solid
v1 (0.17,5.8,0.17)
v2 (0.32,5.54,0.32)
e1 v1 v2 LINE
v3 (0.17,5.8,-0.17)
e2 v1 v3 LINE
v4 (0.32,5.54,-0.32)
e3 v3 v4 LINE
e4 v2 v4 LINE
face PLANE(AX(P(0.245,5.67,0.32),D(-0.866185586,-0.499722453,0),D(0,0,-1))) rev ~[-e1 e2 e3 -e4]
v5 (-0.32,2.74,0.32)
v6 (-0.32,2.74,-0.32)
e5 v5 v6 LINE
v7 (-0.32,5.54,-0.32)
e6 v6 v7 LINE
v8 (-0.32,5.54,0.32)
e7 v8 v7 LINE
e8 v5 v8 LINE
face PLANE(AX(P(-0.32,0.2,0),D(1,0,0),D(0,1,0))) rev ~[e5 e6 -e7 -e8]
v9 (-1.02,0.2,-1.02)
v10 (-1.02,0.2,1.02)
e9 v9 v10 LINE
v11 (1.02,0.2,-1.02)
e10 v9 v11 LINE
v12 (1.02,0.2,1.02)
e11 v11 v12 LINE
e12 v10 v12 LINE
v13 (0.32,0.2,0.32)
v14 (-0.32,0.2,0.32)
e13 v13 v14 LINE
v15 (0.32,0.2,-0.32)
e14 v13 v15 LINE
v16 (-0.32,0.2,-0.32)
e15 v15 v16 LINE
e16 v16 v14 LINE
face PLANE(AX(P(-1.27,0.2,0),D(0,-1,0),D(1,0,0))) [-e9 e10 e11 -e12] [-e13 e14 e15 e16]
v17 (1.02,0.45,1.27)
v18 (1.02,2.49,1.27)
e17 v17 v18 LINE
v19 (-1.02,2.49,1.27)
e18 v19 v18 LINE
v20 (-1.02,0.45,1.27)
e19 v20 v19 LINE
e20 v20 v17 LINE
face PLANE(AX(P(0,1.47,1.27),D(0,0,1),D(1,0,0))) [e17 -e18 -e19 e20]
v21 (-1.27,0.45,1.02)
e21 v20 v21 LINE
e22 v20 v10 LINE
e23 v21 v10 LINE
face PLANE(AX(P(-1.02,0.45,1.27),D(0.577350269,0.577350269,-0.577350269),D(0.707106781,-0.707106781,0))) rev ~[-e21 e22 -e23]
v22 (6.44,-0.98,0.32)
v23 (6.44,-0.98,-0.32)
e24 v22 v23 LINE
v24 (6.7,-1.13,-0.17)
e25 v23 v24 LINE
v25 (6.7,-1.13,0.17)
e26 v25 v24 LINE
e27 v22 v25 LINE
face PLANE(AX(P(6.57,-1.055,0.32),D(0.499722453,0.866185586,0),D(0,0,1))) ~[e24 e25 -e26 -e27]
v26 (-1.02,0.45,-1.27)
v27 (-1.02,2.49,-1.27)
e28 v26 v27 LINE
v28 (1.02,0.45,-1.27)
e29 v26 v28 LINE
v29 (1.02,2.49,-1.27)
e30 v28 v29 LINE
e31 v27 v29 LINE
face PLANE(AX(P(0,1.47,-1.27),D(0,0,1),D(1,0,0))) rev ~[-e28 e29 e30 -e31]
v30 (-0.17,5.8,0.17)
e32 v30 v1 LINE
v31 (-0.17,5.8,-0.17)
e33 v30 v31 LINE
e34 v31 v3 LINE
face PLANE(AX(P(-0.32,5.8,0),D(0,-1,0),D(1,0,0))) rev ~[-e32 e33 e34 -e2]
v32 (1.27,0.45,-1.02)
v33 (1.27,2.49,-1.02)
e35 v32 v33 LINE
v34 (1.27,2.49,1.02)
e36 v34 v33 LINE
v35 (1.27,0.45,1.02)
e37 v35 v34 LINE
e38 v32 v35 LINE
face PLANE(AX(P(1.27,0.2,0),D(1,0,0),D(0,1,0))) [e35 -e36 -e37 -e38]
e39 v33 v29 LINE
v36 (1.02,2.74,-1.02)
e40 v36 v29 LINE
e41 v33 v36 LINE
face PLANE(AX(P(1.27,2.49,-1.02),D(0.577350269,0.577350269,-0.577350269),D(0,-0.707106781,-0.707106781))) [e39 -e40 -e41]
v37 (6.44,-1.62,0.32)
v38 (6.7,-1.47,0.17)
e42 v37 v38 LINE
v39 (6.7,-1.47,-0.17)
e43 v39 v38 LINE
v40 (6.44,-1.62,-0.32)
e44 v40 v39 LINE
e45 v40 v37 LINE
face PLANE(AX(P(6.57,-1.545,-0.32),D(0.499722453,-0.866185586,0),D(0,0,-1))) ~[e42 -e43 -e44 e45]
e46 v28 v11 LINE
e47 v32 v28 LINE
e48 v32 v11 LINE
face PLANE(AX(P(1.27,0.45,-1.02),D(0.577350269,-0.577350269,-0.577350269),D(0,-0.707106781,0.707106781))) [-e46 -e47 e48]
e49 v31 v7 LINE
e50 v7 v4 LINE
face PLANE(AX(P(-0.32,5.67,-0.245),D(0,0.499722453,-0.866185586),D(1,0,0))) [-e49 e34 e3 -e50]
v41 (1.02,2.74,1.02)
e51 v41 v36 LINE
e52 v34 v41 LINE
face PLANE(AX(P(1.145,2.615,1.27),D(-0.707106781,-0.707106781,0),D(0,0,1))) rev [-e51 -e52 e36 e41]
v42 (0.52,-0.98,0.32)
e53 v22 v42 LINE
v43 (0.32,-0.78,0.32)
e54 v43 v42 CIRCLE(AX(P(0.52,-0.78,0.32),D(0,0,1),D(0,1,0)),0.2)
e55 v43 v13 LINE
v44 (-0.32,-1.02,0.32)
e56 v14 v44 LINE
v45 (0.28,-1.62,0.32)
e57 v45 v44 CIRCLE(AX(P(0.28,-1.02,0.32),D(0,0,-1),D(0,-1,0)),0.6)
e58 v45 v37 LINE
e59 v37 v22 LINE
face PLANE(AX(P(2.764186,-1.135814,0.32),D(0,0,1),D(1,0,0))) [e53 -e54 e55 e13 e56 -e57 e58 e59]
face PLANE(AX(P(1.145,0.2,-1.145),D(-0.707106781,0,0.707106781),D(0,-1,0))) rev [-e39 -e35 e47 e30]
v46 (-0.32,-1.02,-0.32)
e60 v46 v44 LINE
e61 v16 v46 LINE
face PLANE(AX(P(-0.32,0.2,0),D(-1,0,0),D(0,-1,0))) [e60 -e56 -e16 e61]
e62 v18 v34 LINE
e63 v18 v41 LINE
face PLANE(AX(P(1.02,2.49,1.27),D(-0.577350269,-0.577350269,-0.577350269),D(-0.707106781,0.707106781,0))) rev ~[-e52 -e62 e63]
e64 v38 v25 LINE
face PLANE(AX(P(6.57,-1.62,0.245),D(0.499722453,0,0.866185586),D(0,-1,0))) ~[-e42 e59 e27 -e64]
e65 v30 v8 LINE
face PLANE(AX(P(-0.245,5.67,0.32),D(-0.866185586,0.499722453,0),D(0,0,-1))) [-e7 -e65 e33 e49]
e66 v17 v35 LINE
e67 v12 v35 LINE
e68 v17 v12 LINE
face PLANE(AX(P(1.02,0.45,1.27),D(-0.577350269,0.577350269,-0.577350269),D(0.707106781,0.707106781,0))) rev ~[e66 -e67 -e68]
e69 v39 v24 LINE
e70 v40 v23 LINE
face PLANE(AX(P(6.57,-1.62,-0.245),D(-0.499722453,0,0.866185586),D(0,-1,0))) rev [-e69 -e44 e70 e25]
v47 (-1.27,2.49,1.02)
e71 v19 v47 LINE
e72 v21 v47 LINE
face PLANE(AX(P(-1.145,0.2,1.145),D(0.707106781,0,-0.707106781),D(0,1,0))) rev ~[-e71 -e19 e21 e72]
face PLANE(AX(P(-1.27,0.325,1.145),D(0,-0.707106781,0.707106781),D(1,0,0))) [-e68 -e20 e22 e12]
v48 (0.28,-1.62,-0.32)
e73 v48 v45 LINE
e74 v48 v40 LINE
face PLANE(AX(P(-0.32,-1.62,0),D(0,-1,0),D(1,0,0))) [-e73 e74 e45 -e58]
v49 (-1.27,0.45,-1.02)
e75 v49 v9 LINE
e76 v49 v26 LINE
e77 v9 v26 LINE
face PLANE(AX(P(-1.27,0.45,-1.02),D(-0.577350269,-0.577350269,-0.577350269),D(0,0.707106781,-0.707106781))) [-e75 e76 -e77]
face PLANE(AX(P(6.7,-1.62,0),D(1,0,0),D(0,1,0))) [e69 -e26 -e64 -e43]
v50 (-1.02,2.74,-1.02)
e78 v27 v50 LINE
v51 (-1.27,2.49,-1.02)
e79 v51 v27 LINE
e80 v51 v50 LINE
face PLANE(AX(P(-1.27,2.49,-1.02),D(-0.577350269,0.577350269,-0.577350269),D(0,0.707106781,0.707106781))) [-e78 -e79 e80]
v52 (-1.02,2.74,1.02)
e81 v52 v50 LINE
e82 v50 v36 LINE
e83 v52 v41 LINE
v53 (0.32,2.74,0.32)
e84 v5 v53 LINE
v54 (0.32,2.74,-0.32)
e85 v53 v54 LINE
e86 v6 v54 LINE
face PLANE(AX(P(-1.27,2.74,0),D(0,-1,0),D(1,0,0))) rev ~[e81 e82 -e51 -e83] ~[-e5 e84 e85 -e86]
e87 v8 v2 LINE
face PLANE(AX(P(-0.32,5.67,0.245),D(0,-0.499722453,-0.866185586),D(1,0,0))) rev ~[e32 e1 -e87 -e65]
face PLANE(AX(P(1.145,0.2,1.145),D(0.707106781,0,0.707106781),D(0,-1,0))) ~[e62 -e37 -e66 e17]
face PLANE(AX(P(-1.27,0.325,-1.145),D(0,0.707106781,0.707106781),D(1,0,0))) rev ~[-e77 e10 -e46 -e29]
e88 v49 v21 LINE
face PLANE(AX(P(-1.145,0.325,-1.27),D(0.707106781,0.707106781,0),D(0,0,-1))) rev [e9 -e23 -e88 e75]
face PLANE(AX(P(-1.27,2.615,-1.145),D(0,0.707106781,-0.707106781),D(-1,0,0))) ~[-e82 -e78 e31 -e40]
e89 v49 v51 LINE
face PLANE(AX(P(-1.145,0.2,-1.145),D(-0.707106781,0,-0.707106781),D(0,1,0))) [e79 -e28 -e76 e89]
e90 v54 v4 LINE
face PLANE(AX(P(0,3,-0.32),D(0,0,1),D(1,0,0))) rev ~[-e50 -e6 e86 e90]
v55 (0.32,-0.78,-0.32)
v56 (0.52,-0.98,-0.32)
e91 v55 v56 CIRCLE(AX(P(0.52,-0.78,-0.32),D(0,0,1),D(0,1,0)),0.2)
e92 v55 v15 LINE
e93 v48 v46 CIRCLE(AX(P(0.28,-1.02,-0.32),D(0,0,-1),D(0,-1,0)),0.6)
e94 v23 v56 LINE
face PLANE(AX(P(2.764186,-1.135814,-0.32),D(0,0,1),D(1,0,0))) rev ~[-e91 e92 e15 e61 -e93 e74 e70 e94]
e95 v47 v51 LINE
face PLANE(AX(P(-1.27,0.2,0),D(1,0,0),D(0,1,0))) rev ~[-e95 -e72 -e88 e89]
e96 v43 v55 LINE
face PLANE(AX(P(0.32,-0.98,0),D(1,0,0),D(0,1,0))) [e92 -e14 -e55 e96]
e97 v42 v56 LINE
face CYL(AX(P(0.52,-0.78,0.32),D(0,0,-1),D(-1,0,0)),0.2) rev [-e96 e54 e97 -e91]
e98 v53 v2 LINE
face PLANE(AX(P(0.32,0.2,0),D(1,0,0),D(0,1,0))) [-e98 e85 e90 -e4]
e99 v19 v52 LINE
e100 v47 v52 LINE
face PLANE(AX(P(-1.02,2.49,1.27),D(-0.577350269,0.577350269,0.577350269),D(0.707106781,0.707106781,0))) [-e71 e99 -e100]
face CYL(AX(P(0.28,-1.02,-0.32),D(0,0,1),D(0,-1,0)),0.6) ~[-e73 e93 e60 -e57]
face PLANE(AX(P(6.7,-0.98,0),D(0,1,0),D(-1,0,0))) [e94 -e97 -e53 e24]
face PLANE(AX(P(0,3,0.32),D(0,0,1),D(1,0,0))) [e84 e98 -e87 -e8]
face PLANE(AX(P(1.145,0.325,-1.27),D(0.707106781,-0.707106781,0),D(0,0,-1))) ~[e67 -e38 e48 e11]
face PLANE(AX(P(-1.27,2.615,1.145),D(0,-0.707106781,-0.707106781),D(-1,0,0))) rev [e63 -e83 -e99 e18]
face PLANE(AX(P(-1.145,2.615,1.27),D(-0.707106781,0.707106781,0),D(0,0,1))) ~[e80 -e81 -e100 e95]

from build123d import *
from OCP.BRepFilletAPI import BRepFilletAPI_MakeChamfer

# Parameters (mm, degrees)
ESBO_O1_W                = 0.64
ESBO_O1_H                = 5.6
RESSALTO_EXTRUS_O1_DEPTH = 0.32
ESBO_O2_W                = 2.54
ESBO_O2_H                = 2.54
RESSALTO_EXTRUS_O2_DEPTH = 1.27
RESSALTO_EXTRUS_O3_DEPTH = 0.32
FILETE1_R                = 0.2
FILETE2_R                = 0.6
CHANFRO1_SIZE            = 0.15
CHANFRO1_SIZE2           = 0.26
CHANFRO2_SIZE            = 0.26
CHANFRO2_SIZE2           = 0.15
CHANFRO3_SIZE            = 0.25


with BuildPart() as part:
    # Esboço1 → Ressalto-extrusão1 (new, symmetric)
    with BuildSketch(Plane.XY):
        with Locations((0, 3)):
            Rectangle(ESBO_O1_W, ESBO_O1_H)
    extrude(amount=RESSALTO_EXTRUS_O1_DEPTH, both=True)

    # Esboço2 → Ressalto-extrusão2 (add, symmetric)
    with BuildSketch(Plane.XY):
        with Locations((0, 1.47)):
            Rectangle(ESBO_O2_W, ESBO_O2_H)
    extrude(amount=RESSALTO_EXTRUS_O2_DEPTH, both=True)

    # Esboço3 → Ressalto-extrusão3 (add, symmetric)
    with BuildSketch(Plane.XY):
        Polygon((0.32, 0.2), (-0.32, 0.2), (-0.32, -1.62), (6.7, -1.62), (6.7, -0.98), (0.32, -0.98), align=None)
    extrude(amount=RESSALTO_EXTRUS_O3_DEPTH, both=True)

    # Filete1
    filete1_edges = [part.edges().sort_by_distance(p)[0] for p in [
        (0.32, -0.98, 0),
    ]]
    fillet(filete1_edges, radius=FILETE1_R)

    # Filete2
    filete2_edges = [part.edges().sort_by_distance(p)[0] for p in [
        (-0.32, -1.62, 0),
    ]]
    fillet(filete2_edges, radius=FILETE2_R)

    # Chanfro1
    chanfro1_edges = [part.edges().sort_by_distance(p)[0] for p in [
        (0, 5.8, 0.32),
        (0, 5.8, -0.32),
        (-0.32, 5.8, 0),
        (0.32, 5.8, 0),
    ]]
    chanfro1_side = [part.faces().sort_by_distance(p)[0] for p in [
        (0, 5.8, 0),
    ]]
    chamfer(chanfro1_edges, length=CHANFRO1_SIZE, length2=CHANFRO1_SIZE2, reference=chanfro1_side[0])

    # Chanfro2: one chamfer whose edges measure the first distance from different faces: ONE call of the kernel's chamfer builder (chamfer() names one face for all edges)
    chanfro2_edges_1 = [part.edges().sort_by_distance(p)[0] for p in [
        (6.7, -1.3, 0.32),
    ]]
    chanfro2_side_1 = [part.faces().sort_by_distance(p)[0] for p in [
        (2.770539373, -1.16393397, 0.32),
    ]]
    chanfro2_edges_2 = [part.edges().sort_by_distance(p)[0] for p in [
        (6.7, -1.62, 0),
    ]]
    chanfro2_side_2 = [part.faces().sort_by_distance(p)[0] for p in [
        (3.49, -1.62, 0),
    ]]
    chanfro2_edges_3 = [part.edges().sort_by_distance(p)[0] for p in [
        (6.7, -0.98, 0),
    ]]
    chanfro2_side_3 = [part.faces().sort_by_distance(p)[0] for p in [
        (3.61, -0.98, 0),
    ]]
    chanfro2_edges_4 = [part.edges().sort_by_distance(p)[0] for p in [
        (6.7, -1.3, -0.32),
    ]]
    chanfro2_side_4 = [part.faces().sort_by_distance(p)[0] for p in [
        (2.770539373, -1.16393397, -0.32),
    ]]
    chanfro2 = BRepFilletAPI_MakeChamfer(part.part.solid().wrapped)
    for e in chanfro2_edges_1:
        chanfro2.Add(CHANFRO2_SIZE, CHANFRO2_SIZE2, e.wrapped, chanfro2_side_1[0].wrapped)  # the first distance lies on this face
    for e in chanfro2_edges_2:
        chanfro2.Add(CHANFRO2_SIZE, CHANFRO2_SIZE2, e.wrapped, chanfro2_side_2[0].wrapped)  # the first distance lies on this face
    for e in chanfro2_edges_3:
        chanfro2.Add(CHANFRO2_SIZE, CHANFRO2_SIZE2, e.wrapped, chanfro2_side_3[0].wrapped)  # the first distance lies on this face
    for e in chanfro2_edges_4:
        chanfro2.Add(CHANFRO2_SIZE, CHANFRO2_SIZE2, e.wrapped, chanfro2_side_4[0].wrapped)  # the first distance lies on this face
    add(Compound.cast(chanfro2.Shape()), mode=Mode.REPLACE)

    # Chanfro3
    chanfro3_edges = [part.edges().sort_by_distance(p)[0] for p in [
        (0, 0.2, -1.27),
        (-1.27, 0.2, 0),
        (0, 2.74, -1.27),
        (1.27, 2.74, 0),
        (-1.27, 1.47, -1.27),
        (-1.27, 2.74, 0),
        (1.27, 1.47, -1.27),
        (1.27, 0.2, 0),
        (-1.27, 1.47, 1.27),
        (0, 0.2, 1.27),
        (1.27, 1.47, 1.27),
        (0, 2.74, 1.27),
    ]]
    chamfer(chanfro3_edges, length=CHANFRO3_SIZE)


solid = part.part
